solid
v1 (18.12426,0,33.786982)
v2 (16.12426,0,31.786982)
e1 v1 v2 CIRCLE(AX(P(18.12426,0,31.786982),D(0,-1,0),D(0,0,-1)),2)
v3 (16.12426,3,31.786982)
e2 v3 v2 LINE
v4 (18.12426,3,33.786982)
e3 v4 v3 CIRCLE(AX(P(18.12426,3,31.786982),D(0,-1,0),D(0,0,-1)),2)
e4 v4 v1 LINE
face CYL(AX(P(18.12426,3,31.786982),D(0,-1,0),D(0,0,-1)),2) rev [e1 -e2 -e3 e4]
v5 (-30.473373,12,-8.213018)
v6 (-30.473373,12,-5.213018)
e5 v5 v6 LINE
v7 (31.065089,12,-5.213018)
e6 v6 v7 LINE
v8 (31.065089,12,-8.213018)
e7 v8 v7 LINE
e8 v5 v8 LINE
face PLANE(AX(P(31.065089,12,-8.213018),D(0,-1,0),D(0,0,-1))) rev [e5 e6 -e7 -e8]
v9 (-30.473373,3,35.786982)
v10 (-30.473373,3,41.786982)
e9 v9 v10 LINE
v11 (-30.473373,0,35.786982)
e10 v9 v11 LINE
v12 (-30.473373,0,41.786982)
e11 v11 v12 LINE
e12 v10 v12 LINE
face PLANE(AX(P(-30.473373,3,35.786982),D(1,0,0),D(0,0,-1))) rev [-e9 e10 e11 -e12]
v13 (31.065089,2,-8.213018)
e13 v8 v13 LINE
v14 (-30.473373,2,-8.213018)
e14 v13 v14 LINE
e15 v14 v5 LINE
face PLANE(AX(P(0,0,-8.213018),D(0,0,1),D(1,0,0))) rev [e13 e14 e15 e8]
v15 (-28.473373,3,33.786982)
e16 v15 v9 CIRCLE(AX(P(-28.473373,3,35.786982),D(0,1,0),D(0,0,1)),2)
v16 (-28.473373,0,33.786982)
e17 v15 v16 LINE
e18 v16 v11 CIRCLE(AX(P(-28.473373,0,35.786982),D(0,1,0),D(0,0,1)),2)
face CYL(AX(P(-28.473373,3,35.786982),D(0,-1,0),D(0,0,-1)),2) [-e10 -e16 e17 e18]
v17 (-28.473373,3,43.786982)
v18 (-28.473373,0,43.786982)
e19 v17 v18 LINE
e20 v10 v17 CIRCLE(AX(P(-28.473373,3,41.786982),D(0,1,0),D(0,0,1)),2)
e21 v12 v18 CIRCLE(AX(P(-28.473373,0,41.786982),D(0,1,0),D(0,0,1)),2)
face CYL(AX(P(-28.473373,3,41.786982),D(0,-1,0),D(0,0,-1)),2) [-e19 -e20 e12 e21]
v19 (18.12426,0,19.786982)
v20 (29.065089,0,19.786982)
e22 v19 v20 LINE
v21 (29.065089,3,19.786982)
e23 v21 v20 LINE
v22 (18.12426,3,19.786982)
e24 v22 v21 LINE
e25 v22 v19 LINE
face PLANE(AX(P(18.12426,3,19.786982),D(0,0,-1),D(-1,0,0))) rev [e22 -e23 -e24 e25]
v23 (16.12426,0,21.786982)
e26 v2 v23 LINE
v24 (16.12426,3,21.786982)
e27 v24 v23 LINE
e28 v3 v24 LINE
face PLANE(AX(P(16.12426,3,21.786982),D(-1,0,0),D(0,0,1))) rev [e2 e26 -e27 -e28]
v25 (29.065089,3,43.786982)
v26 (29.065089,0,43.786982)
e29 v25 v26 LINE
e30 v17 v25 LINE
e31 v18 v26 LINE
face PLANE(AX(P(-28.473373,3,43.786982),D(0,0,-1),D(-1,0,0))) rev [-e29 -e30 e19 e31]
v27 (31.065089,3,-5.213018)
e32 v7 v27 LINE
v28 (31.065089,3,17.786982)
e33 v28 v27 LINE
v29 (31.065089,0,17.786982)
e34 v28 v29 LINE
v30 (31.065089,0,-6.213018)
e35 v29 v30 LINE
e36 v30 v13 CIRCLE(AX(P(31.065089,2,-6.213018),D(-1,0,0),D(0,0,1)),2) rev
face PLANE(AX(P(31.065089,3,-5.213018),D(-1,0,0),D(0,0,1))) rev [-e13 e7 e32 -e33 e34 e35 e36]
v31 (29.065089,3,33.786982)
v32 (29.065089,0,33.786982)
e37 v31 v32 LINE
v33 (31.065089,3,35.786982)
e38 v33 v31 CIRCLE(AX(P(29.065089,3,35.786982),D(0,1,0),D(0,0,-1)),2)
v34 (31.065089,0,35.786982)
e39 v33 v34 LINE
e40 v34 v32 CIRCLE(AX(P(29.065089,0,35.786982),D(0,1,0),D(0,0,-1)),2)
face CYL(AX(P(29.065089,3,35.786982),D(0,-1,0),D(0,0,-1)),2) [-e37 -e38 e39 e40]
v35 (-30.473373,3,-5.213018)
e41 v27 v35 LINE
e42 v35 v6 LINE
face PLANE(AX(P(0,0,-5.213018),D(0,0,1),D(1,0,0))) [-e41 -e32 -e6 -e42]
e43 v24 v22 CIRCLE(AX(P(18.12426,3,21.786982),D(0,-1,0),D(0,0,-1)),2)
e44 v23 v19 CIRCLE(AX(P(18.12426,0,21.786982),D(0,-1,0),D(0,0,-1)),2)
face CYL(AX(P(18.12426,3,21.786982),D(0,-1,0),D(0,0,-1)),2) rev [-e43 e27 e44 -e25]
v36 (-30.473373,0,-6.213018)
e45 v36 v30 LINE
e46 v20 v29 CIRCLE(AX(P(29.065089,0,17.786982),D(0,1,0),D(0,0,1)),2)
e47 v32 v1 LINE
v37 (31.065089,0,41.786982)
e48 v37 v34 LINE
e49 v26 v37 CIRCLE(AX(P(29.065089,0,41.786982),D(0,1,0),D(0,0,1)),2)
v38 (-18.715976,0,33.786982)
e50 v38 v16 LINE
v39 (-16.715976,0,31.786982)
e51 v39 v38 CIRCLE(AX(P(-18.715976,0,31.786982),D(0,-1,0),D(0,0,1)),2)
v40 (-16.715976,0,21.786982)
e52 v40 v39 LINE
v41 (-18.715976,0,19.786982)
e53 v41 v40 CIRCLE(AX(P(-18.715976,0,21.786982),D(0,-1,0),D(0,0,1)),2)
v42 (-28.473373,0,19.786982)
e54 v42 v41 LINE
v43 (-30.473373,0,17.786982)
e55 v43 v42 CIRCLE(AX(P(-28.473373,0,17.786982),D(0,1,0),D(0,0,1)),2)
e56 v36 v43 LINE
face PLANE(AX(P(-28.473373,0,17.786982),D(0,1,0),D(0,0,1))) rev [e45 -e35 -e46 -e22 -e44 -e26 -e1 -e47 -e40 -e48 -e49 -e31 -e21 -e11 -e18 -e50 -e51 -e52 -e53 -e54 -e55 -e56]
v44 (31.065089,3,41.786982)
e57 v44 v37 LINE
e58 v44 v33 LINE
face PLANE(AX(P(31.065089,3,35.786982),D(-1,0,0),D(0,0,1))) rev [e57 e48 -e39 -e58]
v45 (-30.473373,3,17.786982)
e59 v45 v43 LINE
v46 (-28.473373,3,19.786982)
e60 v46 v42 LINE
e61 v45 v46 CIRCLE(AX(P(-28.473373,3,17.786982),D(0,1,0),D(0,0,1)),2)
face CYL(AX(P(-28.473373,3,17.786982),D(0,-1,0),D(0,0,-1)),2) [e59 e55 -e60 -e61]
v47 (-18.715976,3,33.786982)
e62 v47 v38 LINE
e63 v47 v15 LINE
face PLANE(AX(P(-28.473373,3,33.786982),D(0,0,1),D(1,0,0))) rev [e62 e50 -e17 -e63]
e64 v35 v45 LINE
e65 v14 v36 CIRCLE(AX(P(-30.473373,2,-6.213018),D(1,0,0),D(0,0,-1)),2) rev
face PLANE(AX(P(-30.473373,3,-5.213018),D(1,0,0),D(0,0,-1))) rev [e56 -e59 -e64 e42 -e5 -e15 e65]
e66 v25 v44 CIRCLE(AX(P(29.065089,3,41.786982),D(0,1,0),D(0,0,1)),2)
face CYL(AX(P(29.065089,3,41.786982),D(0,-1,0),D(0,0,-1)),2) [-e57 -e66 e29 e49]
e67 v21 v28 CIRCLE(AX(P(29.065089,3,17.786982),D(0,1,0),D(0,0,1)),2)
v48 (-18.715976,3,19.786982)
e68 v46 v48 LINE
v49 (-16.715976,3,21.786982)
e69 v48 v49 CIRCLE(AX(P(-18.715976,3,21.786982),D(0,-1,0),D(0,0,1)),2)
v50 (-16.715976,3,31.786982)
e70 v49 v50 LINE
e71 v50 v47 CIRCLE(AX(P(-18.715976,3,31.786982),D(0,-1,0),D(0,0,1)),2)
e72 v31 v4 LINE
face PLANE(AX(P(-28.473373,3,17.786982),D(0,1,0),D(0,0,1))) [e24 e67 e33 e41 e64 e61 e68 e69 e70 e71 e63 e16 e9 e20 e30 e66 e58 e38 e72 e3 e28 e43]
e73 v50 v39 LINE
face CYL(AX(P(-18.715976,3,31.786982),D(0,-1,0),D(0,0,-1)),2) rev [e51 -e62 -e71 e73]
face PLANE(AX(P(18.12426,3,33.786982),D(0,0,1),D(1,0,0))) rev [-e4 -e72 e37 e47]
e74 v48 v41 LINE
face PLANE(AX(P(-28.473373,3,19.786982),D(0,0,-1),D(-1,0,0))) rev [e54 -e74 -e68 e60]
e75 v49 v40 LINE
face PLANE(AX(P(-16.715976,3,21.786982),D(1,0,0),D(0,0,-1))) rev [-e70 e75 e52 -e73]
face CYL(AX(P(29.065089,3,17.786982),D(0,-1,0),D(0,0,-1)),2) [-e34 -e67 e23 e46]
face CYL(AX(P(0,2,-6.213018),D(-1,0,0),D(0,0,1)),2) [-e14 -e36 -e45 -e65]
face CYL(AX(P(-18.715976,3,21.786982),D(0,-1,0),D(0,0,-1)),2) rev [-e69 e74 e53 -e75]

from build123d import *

# Parameters (mm, degrees)
BOSS_EXTRUDE1_DEPTH = 3
SKETCH2_W           = 61.538461538
SKETCH2_H           = 12
BOSS_EXTRUDE2_DEPTH = 3
FILLET1_R           = 2


with BuildPart() as part:
    # Sketch1 → Boss-Extrude1 (new body)
    with BuildSketch(Plane(origin=(0, 0, 0), x_dir=(1, 0, 0), z_dir=(0, 1, 0))):
        with BuildLine():
            Line((18.124260355, -19.786982249), (29.065088757, -19.786982249))
            ThreePointArc((29.065088757, -19.786982249), (30.47930232, -19.201195811), (31.065088757, -17.786982249))
            Line((31.065088757, -17.786982249), (31.065088757, 5.213017751))
            Line((31.065088757, 5.213017751), (-30.473372781, 5.213017751))
            Line((-30.473372781, 5.213017751), (-30.473372781, -17.786982249))
            ThreePointArc((-30.473372781, -17.786982249), (-29.887586343, -19.201195811), (-28.473372781, -19.786982249))
            Line((-28.473372781, -19.786982249), (-18.715976331, -19.786982249))
            ThreePointArc((-18.715976331, -19.786982249), (-17.301762769, -20.372768686), (-16.715976331, -21.786982249))
            Line((-16.715976331, -21.786982249), (-16.715976331, -31.786982249))
            ThreePointArc((-16.715976331, -31.786982249), (-17.301762769, -33.201195811), (-18.715976331, -33.786982249))
            Line((-18.715976331, -33.786982249), (-28.473372781, -33.786982249))
            ThreePointArc((-28.473372781, -33.786982249), (-29.887586343, -34.372768686), (-30.473372781, -35.786982249))
            Line((-30.473372781, -35.786982249), (-30.473372781, -41.786982249))
            ThreePointArc((-30.473372781, -41.786982249), (-29.887586343, -43.201195811), (-28.473372781, -43.786982249))
            Line((-28.473372781, -43.786982249), (29.065088757, -43.786982249))
            ThreePointArc((29.065088757, -43.786982249), (30.47930232, -43.201195811), (31.065088757, -41.786982249))
            Line((31.065088757, -41.786982249), (31.065088757, -35.786982249))
            ThreePointArc((31.065088757, -35.786982249), (30.47930232, -34.372768686), (29.065088757, -33.786982249))
            Line((29.065088757, -33.786982249), (18.124260355, -33.786982249))
            ThreePointArc((18.124260355, -33.786982249), (16.710046793, -33.201195811), (16.124260355, -31.786982249))
            Line((16.124260355, -31.786982249), (16.124260355, -21.786982249))
            ThreePointArc((16.124260355, -21.786982249), (16.710046793, -20.372768686), (18.124260355, -19.786982249))
        make_face()
    extrude(amount=BOSS_EXTRUDE1_DEPTH)

    # Sketch2 → Boss-Extrude2 (add)
    with BuildSketch(Plane(origin=(0, 0, -5.213017751), x_dir=(-1, 0, 0), z_dir=(0, 0, -1))):
        with Locations((-0.295857988, 6)):
            Rectangle(SKETCH2_W, SKETCH2_H)
    extrude(amount=BOSS_EXTRUDE2_DEPTH)

    # Fillet1
    fillet1_edges = [part.edges().sort_by_distance(p)[0] for p in [
        (0.295857988, 0, -8.213017751),
    ]]
    fillet(fillet1_edges, radius=FILLET1_R)


solid = part.part
